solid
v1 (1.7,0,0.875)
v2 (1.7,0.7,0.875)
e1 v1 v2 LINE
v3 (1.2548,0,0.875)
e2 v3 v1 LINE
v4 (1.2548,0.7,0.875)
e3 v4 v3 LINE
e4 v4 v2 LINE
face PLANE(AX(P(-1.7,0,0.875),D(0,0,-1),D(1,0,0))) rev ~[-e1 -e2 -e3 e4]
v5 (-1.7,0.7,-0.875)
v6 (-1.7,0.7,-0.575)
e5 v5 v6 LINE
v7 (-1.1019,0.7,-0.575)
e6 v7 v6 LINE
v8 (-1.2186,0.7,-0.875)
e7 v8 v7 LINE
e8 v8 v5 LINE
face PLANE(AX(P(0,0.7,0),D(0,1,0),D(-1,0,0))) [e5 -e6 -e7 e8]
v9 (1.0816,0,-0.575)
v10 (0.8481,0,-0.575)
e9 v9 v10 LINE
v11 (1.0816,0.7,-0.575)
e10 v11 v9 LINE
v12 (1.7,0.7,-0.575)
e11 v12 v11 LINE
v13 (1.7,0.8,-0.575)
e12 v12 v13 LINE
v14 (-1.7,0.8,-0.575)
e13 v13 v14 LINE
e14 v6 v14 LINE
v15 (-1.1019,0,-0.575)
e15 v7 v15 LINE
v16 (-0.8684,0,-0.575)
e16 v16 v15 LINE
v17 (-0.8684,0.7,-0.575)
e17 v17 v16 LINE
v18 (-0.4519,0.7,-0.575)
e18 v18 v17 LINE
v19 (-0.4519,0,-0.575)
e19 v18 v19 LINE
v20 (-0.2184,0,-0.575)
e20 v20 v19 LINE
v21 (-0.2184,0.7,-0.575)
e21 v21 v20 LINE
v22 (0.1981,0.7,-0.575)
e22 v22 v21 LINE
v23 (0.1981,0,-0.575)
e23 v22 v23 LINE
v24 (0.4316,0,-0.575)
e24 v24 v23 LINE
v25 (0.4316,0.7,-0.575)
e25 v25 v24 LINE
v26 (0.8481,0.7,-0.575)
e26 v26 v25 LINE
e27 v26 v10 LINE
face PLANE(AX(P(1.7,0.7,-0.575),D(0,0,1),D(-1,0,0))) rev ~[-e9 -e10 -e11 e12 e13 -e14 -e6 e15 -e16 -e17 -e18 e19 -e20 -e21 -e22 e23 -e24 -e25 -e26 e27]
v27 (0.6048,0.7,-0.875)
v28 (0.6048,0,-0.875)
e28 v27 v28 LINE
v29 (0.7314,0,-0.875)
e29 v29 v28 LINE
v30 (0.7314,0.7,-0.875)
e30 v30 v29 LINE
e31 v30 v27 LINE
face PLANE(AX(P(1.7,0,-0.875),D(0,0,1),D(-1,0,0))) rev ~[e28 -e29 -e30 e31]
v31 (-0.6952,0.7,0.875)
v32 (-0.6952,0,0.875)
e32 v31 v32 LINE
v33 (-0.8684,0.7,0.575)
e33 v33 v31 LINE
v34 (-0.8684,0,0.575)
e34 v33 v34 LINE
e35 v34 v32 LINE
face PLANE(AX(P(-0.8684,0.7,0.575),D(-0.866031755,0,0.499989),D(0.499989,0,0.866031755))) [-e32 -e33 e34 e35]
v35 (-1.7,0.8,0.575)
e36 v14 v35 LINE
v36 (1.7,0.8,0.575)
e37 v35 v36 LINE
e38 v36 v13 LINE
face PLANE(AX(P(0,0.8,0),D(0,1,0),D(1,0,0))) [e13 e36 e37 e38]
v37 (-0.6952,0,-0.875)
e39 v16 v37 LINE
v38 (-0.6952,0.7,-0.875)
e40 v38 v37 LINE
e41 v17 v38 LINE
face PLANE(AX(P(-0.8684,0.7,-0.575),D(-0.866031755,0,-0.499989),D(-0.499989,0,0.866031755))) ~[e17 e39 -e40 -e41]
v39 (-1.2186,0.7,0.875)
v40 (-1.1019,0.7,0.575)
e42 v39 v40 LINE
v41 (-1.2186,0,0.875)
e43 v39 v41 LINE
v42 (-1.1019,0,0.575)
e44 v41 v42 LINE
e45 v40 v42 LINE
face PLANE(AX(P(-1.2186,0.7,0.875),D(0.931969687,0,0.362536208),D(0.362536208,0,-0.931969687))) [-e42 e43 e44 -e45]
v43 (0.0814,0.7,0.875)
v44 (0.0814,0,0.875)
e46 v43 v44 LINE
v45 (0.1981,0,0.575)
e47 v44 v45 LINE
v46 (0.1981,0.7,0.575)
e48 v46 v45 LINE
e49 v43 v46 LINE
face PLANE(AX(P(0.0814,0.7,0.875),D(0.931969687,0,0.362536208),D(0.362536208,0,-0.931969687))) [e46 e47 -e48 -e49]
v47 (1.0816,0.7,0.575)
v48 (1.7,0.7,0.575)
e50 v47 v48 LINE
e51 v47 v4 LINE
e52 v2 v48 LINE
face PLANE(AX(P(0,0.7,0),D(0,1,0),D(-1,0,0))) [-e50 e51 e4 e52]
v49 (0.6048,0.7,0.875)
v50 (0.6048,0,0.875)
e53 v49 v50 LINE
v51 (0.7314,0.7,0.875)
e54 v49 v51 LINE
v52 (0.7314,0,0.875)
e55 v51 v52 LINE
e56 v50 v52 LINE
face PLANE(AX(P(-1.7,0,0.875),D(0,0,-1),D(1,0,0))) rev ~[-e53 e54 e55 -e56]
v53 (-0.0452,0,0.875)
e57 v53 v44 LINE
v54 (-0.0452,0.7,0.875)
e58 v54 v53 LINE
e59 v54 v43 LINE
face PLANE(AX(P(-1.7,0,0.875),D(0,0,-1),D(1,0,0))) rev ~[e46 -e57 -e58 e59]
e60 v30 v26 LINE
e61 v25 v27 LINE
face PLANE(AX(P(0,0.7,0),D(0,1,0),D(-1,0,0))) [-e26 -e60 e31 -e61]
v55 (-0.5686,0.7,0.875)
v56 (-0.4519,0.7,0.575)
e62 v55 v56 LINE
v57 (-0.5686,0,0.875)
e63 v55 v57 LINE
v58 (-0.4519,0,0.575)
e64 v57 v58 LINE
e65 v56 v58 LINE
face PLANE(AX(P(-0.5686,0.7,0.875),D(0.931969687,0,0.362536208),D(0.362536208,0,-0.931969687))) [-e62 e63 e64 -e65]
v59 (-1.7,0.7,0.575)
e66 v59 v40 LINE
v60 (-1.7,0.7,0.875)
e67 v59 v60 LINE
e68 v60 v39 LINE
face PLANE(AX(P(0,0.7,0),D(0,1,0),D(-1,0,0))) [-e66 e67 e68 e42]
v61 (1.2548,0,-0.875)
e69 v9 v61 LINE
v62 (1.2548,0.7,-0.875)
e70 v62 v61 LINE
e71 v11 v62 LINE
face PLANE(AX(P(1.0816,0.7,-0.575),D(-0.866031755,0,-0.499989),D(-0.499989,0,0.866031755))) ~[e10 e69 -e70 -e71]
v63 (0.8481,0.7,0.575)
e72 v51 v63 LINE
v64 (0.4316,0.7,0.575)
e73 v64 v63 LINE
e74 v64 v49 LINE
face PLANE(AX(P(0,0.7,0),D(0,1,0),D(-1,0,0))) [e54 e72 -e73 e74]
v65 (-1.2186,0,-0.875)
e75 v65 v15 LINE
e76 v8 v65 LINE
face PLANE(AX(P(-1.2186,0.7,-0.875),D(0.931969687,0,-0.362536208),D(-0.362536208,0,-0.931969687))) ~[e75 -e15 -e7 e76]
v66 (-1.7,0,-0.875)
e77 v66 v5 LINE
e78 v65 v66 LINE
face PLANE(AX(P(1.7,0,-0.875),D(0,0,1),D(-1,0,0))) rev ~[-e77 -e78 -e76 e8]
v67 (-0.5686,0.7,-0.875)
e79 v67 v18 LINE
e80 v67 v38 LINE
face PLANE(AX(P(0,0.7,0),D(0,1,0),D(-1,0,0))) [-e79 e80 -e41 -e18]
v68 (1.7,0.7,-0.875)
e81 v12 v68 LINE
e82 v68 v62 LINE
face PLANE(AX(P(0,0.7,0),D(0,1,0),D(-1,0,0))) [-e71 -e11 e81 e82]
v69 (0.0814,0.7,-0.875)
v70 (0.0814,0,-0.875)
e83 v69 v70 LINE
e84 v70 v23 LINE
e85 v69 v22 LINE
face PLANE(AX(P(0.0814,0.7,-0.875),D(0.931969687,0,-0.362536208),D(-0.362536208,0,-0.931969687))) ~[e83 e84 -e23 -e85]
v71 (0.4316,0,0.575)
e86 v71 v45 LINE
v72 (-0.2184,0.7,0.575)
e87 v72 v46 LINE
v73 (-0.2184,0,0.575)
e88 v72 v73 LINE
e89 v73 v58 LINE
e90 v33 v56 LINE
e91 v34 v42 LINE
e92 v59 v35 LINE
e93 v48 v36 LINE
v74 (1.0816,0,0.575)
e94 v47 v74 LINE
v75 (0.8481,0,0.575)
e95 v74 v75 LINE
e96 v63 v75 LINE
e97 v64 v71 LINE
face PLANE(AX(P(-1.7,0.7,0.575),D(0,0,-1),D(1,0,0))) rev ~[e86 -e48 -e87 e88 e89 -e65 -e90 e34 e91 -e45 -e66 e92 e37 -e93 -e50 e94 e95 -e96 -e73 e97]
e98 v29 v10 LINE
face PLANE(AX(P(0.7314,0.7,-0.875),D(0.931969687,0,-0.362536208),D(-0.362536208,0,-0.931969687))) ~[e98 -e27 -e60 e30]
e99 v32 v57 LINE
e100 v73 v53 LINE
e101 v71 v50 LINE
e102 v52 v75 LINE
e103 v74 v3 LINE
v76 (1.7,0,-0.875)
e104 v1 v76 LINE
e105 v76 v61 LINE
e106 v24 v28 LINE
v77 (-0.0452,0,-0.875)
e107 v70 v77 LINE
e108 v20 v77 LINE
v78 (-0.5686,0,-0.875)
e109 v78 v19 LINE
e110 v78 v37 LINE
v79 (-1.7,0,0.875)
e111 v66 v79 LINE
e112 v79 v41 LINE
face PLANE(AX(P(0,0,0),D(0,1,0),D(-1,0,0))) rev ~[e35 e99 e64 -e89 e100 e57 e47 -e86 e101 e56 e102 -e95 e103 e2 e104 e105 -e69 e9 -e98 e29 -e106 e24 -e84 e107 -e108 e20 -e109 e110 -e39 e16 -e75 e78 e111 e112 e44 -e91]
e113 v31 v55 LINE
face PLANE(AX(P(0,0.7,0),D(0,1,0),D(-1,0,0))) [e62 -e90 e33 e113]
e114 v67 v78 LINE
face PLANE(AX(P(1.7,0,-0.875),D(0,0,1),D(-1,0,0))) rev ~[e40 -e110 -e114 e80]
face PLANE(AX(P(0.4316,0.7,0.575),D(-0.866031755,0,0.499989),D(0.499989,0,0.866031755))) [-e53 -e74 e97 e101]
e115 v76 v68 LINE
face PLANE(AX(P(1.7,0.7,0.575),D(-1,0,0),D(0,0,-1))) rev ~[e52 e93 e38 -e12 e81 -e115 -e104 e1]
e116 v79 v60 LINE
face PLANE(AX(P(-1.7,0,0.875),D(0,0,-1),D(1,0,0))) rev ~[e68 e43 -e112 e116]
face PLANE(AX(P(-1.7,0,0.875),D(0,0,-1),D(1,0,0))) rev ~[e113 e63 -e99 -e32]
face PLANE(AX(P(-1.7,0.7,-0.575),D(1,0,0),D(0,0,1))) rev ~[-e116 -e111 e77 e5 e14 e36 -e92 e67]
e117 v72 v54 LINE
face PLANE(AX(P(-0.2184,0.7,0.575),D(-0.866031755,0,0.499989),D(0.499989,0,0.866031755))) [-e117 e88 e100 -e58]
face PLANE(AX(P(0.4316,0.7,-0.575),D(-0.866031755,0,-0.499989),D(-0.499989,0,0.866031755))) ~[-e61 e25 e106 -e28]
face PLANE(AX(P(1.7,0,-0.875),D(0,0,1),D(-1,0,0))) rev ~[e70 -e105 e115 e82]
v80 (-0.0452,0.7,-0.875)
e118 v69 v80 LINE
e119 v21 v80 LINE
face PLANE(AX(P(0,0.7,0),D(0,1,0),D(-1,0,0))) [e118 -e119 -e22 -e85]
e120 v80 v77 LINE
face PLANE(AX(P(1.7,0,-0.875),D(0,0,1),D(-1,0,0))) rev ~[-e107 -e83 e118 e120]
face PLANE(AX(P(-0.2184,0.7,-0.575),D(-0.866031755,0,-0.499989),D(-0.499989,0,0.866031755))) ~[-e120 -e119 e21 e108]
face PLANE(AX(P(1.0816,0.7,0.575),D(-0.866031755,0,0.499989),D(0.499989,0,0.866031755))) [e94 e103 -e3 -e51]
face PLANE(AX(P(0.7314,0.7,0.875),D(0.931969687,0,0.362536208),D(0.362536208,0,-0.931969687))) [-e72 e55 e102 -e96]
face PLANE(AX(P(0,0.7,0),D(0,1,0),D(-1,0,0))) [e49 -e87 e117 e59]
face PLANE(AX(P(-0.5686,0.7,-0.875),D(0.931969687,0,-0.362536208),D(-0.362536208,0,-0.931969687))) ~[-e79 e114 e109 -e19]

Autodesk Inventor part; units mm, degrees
ref_plane "YZ Plane" through (0, 0, 0) normal (1, 0, 0) x (0, 1, 0)
ref_plane "XZ Plane" through (0, 0, 0) normal (0, 1, 0) x (-1, 0, 0)
ref_plane "XY Plane" through (0, 0, 0) normal (0, 0, 1) x (1, 0, 0)
sketch "Sketch1" plane through (0, 0, 0) normal (0, 1, 0) x (-1, 0, 0)
  line L0 (1.7, 0.875) -> (-1.7, 0.875)
  line L1 (-1.7, 0.875) -> (-1.7, -0.875)
  line L2 (-1.7, -0.875) -> (1.7, -0.875)
  line L3 (1.7, -0.875) -> (1.7, 0.875)
  point P0 (0, 0)
  dimension "d0" = 1.75
  dimension "d1" = 0.875
  dimension "d2" = 1.7
  dimension "d3" = 3.4
extrude "Extrusion1" add sketch "Sketch1" along normal blind 0.7
sketch "Sketch3" plane through (0, 0.7, 0) normal (0, 1, 0) x (1, 0, 0)
  line L0 (1.7, -0.875) -> (1.7, -0.575)
  line L1 (1.7, -0.875) -> (1.7, 0.875) projected
  line L2 (-1.7, -0.875) -> (1.7, -0.875) projected
  line L3 (0.6665, -0.875) -> (0.6665, -0.575)
  line L4 (1.4815, -0.875) -> (1.4815, -0.745)
  line L5 (1.0816, -0.575) -> (0.8481, -0.575)
  line L6 (1.2548, -0.875) -> (0.7314, -0.875)
  line L7 (0.7314, -0.875) -> (0.8481, -0.575)
  line L8 (1.0816, -0.575) -> (1.2548, -0.875)
  point P0 (0, 0)
  dimension "d9" = 0
  dimension "d24" = 0.2185
  dimension "d25" = 120
  dimension "d26" = 111.251
  dimension "d27" = 0.2335
  dimension "d29" = 68.749
extrude "Extrusion2" cut sketch "Sketch3" against normal blind 0.7
pattern_linear "Rectangular Pattern1" count 4 spacing 0.65 along (-1, 0, 0) of "Extrusion2"
mirror "Mirror1" about plane through (0, 0, 0) normal (0, 0, 1) of "Extrusion2", "Rectangular Pattern1"
sketch "Sketch4" plane through (0, 0.7, 0) normal (0, 1, 0) x (1, 0, 0)
  line L0 (1.7, -0.875) -> (1.7, 0.875) projected
  line L1 (-1.7, 0.875) -> (-1.7, -0.875) projected
  line L2 (1.7, 0.575) -> (-1.7, 0.575)
  line L3 (-1.7, 0.575) -> (-1.7, -0.575)
  line L4 (-1.7, -0.575) -> (1.7, -0.575)
  line L5 (1.7, -0.575) -> (1.7, 0.575)
  point P0 (0, 0)
extrude "Extrusion3" add sketch "Sketch4" along normal blind 0.1
properties part number "746SeriesR"
